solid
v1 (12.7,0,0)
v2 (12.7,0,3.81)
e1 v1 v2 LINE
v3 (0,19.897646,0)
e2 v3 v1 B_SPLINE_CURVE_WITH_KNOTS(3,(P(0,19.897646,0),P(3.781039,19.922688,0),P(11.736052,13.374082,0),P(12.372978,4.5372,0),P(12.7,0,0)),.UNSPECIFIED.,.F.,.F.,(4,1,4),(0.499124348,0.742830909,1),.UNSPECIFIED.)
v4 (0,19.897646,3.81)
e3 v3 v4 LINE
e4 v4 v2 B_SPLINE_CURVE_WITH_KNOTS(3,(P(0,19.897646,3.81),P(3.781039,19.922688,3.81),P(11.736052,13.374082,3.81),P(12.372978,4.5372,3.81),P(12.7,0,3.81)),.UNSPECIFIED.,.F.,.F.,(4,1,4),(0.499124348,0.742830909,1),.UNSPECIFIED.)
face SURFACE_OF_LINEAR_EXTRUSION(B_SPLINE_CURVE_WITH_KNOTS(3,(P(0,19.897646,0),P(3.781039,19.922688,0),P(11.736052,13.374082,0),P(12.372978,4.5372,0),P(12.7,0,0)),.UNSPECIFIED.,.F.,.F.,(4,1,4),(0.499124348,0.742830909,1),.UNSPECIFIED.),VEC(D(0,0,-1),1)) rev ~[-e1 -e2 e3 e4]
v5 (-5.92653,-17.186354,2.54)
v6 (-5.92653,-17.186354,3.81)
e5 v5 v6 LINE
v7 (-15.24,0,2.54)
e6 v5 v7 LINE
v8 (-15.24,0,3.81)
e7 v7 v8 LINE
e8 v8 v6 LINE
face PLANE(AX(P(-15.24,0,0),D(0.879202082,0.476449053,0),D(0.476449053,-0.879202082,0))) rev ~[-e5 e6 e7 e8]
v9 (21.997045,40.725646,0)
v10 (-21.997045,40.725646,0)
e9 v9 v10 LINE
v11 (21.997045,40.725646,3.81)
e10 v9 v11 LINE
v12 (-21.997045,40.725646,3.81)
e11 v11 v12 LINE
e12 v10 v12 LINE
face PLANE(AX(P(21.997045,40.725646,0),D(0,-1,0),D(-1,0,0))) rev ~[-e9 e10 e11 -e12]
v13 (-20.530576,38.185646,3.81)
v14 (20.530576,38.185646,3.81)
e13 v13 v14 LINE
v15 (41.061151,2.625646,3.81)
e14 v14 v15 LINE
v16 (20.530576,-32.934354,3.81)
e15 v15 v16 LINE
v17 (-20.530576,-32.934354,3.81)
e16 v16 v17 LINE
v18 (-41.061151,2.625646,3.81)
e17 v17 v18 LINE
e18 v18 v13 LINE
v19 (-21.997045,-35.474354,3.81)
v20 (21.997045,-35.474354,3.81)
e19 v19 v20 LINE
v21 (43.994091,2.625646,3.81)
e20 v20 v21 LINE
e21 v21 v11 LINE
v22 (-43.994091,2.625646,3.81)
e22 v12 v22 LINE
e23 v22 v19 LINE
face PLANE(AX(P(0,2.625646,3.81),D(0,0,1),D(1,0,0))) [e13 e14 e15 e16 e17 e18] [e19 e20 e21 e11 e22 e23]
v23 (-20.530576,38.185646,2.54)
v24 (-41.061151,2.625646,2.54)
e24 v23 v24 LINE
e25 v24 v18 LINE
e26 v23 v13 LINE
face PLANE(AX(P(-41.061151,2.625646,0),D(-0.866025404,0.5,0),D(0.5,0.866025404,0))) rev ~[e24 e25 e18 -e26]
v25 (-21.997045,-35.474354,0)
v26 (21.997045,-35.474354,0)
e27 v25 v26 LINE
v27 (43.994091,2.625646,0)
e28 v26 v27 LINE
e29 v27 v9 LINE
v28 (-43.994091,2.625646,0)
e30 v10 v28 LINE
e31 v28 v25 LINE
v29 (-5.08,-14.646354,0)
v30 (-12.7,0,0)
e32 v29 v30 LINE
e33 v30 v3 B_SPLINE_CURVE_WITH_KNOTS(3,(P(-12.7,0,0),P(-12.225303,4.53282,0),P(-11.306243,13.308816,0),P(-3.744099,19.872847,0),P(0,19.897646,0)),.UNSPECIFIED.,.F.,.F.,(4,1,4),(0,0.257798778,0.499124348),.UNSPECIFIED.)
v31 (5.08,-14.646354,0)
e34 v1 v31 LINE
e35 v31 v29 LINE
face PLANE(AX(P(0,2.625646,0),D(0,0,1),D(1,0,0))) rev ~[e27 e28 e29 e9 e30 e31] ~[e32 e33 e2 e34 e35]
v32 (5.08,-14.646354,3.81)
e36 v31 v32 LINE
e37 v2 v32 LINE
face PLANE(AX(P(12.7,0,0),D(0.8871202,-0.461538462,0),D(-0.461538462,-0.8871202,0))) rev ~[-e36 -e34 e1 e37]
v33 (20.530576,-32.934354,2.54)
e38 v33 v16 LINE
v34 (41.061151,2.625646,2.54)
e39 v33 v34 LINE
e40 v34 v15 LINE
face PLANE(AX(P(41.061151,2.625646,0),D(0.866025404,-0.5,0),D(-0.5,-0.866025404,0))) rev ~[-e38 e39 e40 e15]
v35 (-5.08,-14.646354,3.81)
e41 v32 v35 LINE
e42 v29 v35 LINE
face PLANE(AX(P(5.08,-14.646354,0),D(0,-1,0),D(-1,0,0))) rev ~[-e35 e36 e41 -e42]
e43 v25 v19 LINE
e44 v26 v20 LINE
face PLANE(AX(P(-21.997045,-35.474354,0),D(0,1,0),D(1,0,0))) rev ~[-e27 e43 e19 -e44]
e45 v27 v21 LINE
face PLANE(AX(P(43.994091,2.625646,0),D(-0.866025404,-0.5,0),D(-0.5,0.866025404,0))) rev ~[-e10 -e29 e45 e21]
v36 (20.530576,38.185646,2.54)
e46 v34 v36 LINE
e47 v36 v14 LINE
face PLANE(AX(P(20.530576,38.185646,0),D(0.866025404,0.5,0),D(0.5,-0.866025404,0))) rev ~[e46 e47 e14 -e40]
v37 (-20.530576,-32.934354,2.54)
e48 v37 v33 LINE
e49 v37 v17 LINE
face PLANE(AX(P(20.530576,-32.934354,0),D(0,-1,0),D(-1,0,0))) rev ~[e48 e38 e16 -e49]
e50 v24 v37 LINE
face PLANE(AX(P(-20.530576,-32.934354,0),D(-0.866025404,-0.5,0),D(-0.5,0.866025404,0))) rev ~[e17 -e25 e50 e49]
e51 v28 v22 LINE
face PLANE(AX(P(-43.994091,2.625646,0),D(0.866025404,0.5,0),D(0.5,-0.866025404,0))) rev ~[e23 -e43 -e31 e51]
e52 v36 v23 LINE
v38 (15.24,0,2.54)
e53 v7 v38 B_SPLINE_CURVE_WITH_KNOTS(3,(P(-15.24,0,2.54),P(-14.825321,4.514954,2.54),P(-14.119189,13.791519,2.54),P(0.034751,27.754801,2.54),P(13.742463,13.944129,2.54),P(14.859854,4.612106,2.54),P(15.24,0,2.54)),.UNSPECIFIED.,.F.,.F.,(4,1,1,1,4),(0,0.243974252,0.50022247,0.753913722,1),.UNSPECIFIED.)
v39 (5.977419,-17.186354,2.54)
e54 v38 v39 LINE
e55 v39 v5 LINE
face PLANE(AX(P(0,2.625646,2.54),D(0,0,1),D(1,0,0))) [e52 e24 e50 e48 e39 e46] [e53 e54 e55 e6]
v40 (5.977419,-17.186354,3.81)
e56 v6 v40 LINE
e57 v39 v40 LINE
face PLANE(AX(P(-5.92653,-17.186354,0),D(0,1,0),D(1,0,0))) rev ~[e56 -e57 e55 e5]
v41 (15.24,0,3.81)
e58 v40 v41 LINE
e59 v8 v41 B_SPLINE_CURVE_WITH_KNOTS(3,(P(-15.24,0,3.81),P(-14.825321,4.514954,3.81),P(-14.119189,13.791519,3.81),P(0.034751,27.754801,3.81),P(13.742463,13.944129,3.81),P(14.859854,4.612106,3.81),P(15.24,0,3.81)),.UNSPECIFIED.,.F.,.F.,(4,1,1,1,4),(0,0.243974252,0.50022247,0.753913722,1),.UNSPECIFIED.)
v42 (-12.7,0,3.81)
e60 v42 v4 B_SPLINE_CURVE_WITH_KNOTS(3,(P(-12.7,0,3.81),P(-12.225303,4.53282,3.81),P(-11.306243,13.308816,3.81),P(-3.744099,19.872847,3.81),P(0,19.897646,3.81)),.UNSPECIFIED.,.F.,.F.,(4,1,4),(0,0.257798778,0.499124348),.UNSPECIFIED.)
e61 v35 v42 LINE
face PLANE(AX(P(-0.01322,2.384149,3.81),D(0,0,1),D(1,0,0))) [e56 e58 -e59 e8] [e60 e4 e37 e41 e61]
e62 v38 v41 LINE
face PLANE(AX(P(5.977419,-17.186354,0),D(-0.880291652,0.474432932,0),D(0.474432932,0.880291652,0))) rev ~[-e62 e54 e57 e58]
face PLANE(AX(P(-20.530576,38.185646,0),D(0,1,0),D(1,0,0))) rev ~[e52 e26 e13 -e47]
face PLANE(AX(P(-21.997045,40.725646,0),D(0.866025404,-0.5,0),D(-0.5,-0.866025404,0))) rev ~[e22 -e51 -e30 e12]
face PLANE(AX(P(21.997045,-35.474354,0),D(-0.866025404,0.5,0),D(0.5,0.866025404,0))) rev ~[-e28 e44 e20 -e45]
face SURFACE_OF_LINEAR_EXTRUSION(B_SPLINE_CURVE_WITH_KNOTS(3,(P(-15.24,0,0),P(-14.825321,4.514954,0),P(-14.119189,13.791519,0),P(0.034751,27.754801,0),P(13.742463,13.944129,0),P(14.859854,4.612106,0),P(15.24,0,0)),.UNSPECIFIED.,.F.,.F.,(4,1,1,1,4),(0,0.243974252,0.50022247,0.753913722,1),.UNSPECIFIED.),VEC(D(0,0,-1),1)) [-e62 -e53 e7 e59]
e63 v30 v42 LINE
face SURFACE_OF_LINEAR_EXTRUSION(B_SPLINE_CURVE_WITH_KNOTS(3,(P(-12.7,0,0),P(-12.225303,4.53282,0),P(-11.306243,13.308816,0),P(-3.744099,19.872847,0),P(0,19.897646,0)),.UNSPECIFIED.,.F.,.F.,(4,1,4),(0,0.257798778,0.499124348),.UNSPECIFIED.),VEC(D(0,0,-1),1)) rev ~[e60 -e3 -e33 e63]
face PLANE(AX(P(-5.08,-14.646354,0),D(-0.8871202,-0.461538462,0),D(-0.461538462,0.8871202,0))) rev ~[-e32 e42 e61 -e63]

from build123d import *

# Parameters (mm, degrees)
F1_DEPTH = 2.54
F2_DEPTH = 3.81


with BuildPart() as f1:
    # F0 (on Top) → F1 (new body)
    with BuildSketch(Plane.XY):
        Polygon((41.0611511448, 2.6256455048), (20.5305755724, 38.1856455048), (-20.5305755724, 38.1856455048), (-41.0611511448, 2.6256455048), (-20.5305755724, -32.9343544952), (20.5305755724, -32.9343544952), align=None)
        with BuildLine():
            Line((5.977419205, -17.1863544952), (-5.9265298769, -17.1863544952))
            Line((-5.9265298769, -17.1863544952), (-15.24, 0))
            add(Edge.make_bspline(
                [(-15.24, 0), (-14.825320596, 4.5149536905), (-14.1191885863, 13.7915187507), (0.0347505737, 27.7548005127), (13.7424625985, 13.9441287254), (14.8598540172, 4.6121058638), (15.24, 0)],
                knots=[0, 0, 0, 0, 0.2439742516, 0.5002224701, 0.7539137221, 1, 1, 1, 1], degree=3))
            Line((15.24, 0), (5.977419205, -17.1863544952))
        make_face(mode=Mode.SUBTRACT)
    extrude(amount=F1_DEPTH)

    # F0 (on Top) → F2 (join)
    with BuildSketch(Plane.XY):
        Polygon((43.9940905122, 2.6256455048), (21.9970452561, 40.7256455048), (-21.9970452561, 40.7256455048), (-43.9940905122, 2.6256455048), (-21.9970452561, -35.4743544952), (21.9970452561, -35.4743544952), align=None)
        Polygon((-20.5305755724, 38.1856455048), (20.5305755724, 38.1856455048), (41.0611511448, 2.6256455048), (20.5305755724, -32.9343544952), (-20.5305755724, -32.9343544952), (-41.0611511448, 2.6256455048), align=None, mode=Mode.SUBTRACT)
        with BuildLine():
            Line((-15.24, 0), (-5.9265298769, -17.1863544952))
            Line((-5.9265298769, -17.1863544952), (5.977419205, -17.1863544952))
            Line((5.977419205, -17.1863544952), (15.24, 0))
            add(Edge.make_bspline(
                [(-15.24, 0), (-14.825320596, 4.5149536905), (-14.1191885863, 13.7915187507), (0.0347505737, 27.7548005127), (13.7424625985, 13.9441287254), (14.8598540172, 4.6121058638), (15.24, 0)],
                knots=[0, 0, 0, 0, 0.2439742516, 0.5002224701, 0.7539137221, 1, 1, 1, 1], degree=3))
        make_face()
        with BuildLine():
            Line((-5.08, -14.6463544952), (-12.7, 0))
            add(Edge.make_bspline(
                [(-12.7, 0), (-12.2253034569, 4.5328203475), (-11.3062432336, 13.3088161737), (-3.7440989744, 19.8728472347), (0, 19.8976455048)],
                knots=[0, 0, 0, 0, 0.2577987782, 0.4991243481, 0.4991243481, 0.4991243481, 0.4991243481], degree=3))
            add(Edge.make_bspline(
                [(0, 19.8976455048), (3.7810393885, 19.922688442), (11.7360520972, 13.3740822085), (12.372977607, 4.5371999405), (12.7, 0)],
                knots=[0.4991243481, 0.4991243481, 0.4991243481, 0.4991243481, 0.7428309093, 1, 1, 1, 1], degree=3))
            Line((12.7, 0), (5.08, -14.6463544952))
            Line((5.08, -14.6463544952), (0, -14.6463544952))
            Line((0, -14.6463544952), (-5.08, -14.6463544952))
        make_face(mode=Mode.SUBTRACT)
    extrude(amount=F2_DEPTH)


solid = f1.part
